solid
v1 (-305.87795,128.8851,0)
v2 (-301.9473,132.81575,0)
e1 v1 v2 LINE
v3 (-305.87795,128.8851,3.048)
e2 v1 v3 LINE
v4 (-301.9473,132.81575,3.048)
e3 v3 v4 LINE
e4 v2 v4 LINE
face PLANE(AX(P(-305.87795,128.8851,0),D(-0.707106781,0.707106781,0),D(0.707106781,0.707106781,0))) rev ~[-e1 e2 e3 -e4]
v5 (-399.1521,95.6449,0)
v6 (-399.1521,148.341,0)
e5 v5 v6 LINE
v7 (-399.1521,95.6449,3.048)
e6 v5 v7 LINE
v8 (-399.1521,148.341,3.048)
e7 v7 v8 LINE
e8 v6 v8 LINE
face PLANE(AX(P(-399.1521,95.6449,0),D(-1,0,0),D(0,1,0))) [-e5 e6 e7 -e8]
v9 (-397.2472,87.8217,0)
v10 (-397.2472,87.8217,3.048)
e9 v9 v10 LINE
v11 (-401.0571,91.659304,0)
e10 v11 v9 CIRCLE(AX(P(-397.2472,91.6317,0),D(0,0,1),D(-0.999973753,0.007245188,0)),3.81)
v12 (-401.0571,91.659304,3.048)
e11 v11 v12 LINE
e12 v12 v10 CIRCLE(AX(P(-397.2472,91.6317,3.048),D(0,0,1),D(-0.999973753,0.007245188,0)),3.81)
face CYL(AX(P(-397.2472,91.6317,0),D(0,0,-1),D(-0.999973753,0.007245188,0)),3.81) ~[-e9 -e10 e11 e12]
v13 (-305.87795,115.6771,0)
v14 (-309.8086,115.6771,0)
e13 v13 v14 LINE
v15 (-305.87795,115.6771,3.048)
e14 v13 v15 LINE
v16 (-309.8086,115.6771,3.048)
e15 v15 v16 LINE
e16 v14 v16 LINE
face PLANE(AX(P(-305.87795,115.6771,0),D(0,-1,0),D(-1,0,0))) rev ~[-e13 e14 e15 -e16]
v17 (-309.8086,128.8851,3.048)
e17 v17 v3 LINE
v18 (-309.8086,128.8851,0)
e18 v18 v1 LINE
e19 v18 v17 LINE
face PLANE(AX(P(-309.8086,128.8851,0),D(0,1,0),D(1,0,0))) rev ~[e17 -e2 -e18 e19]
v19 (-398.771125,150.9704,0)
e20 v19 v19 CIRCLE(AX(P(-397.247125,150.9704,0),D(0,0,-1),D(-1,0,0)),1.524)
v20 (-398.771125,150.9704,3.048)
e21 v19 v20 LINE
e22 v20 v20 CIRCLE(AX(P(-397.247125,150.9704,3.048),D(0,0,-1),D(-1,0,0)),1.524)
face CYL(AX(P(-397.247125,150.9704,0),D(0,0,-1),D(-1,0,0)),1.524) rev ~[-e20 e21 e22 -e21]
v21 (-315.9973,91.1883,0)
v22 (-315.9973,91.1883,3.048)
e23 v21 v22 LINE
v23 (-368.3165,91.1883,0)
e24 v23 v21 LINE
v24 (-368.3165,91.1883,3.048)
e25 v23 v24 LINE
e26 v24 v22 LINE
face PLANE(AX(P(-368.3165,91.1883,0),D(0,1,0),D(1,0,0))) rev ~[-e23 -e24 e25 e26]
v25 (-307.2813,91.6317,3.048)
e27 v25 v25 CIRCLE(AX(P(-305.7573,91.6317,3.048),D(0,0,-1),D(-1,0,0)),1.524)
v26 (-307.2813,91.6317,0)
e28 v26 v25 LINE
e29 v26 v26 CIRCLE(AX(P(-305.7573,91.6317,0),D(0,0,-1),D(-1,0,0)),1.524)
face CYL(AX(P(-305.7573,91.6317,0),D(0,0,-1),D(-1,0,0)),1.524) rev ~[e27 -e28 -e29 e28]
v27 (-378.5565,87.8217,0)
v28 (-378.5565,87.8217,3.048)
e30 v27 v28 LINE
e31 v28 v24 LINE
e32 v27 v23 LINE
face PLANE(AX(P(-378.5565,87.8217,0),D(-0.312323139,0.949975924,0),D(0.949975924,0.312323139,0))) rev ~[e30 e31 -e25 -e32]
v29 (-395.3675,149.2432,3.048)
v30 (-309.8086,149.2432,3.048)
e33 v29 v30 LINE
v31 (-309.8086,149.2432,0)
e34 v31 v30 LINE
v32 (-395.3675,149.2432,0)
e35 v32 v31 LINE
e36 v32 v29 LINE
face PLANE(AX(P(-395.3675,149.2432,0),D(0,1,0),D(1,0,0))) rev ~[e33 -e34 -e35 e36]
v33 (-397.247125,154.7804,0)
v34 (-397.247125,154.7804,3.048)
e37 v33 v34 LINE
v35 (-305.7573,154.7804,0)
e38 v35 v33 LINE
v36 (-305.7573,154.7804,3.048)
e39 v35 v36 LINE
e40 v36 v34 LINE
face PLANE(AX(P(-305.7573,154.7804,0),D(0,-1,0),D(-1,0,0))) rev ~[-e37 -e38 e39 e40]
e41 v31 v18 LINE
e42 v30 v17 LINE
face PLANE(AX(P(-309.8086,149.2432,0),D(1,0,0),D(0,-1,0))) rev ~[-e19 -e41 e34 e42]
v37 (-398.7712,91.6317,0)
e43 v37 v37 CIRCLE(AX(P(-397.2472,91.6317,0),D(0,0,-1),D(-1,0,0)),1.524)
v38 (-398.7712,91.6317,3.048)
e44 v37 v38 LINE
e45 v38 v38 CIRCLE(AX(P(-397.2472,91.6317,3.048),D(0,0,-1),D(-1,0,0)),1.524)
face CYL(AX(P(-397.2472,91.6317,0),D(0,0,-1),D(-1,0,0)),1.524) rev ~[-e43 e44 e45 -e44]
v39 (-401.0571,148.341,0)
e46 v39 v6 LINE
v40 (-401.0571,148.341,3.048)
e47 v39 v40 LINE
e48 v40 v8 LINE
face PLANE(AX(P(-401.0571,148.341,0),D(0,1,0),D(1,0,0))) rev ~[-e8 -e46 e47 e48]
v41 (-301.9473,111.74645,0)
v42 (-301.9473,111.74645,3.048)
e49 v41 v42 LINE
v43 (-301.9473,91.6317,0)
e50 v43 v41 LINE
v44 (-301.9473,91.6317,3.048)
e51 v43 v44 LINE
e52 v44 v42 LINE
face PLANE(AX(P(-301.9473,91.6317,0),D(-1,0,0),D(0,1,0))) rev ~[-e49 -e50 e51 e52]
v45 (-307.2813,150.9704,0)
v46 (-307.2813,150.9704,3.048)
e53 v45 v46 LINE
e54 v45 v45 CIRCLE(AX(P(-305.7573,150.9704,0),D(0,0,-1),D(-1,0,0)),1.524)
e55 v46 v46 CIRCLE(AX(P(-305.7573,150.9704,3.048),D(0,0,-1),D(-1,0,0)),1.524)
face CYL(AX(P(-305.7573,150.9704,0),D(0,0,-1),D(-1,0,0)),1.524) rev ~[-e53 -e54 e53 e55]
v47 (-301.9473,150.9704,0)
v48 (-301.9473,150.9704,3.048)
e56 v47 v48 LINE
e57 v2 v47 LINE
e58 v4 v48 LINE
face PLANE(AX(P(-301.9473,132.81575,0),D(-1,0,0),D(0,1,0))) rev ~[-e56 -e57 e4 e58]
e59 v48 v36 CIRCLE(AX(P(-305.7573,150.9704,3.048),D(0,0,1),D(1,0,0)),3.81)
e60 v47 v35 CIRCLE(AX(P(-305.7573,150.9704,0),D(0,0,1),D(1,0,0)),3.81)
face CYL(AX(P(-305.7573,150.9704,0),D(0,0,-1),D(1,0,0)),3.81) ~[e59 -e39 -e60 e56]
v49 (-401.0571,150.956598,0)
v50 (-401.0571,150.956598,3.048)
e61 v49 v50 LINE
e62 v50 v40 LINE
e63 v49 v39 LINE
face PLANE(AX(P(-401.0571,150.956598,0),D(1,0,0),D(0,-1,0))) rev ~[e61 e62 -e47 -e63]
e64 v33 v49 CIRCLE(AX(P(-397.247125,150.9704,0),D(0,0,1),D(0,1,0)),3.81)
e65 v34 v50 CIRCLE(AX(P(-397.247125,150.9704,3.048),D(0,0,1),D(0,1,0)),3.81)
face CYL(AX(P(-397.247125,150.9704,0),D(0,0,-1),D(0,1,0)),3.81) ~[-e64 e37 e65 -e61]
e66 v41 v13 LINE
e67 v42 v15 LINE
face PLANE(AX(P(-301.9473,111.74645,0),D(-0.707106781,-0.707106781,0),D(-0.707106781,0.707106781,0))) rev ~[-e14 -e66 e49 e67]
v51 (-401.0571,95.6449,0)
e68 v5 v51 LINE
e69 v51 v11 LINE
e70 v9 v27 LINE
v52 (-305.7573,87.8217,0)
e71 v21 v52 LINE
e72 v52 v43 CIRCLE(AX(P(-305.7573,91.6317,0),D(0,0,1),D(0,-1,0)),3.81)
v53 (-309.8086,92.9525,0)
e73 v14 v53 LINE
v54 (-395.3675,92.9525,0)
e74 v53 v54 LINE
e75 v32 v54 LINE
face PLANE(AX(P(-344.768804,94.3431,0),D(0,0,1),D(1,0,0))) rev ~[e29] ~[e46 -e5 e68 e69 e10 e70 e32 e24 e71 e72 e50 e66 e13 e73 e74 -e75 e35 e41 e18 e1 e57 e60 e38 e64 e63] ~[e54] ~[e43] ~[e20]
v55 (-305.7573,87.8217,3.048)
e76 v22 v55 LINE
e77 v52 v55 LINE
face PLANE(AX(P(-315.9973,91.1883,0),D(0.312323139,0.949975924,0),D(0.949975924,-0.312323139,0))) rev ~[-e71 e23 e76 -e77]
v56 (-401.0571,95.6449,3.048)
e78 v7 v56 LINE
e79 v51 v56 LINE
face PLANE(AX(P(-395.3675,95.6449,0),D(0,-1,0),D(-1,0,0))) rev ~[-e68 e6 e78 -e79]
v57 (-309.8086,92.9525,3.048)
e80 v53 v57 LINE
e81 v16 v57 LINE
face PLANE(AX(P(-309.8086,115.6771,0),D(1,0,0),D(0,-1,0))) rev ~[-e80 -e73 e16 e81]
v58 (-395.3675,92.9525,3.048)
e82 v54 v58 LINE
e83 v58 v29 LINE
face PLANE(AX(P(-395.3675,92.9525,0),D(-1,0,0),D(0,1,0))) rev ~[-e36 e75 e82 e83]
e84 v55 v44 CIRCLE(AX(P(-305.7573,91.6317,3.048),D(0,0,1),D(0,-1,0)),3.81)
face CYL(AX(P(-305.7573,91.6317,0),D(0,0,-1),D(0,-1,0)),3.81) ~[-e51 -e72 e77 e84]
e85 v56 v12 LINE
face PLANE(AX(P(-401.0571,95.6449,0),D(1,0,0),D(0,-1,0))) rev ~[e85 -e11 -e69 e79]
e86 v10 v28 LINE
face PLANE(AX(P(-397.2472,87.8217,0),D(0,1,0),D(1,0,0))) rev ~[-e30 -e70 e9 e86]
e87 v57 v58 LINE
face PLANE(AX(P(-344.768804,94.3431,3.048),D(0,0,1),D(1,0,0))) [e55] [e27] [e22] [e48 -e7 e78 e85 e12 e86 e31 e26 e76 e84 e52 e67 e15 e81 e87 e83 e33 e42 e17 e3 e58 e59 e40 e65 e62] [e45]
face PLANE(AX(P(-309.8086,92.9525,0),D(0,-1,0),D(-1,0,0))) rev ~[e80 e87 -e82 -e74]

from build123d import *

# Parameters (mm, degrees)
SKETCH1_R           = 1.3462
SKETCH1_W           = 3.7846
SKETCH1_H           = 52.6961
BOSS_EXTRUDE1_DEPTH = 3.048
SKETCH2_R           = 1.524
CUT_EXTRUDE1_DEPTH  = 430.898988368


with BuildPart() as part:
    # Sketch1 → Boss-Extrude1 (new body)
    # profile 1 of 3: a face of its own
    with BuildSketch(Plane.XY):
        with BuildLine():
            Line((-401.0571, 150.956597849), (-401.0571, 148.341))
            Line((-401.0571, 148.341), (-399.1521, 148.341))
            Line((-399.1521, 148.341), (-395.3675, 148.341))
            Line((-395.3675, 148.341), (-395.3675, 149.2432))
            Line((-395.3675, 149.2432), (-309.8086, 149.2432))
            Line((-309.8086, 149.2432), (-309.8086, 128.8851))
            Line((-309.8086, 128.8851), (-305.87795, 128.8851))
            Line((-305.87795, 128.8851), (-301.9473, 132.81575))
            Line((-301.9473, 132.81575), (-301.9473, 150.9704))
            ThreePointArc((-301.9473, 150.9704), (-303.063223164, 153.664476836), (-305.7573, 154.7804))
            Line((-305.7573, 154.7804), (-397.247125, 154.7804))
            ThreePointArc((-397.247125, 154.7804), (-399.946077222, 153.659592612), (-401.0571, 150.956597849))
        make_face()
        with Locations(Location((-397.247125, 150.9704, 0), (0, 0, 180))):
            Circle(SKETCH1_R, mode=Mode.SUBTRACT)
        with Locations(Location((-305.7573, 150.9704, 0), (0, 0, 180))):
            Circle(SKETCH1_R, mode=Mode.SUBTRACT)
    # profile 2 of 3: a face of its own
    with BuildSketch(Plane.XY):
        with Locations((-397.2598, 121.99295)):
            Rectangle(SKETCH1_W, SKETCH1_H)
    # profile 3 of 3: a face of its own
    with BuildSketch(Plane.XY):
        with BuildLine():
            Line((-395.3675, 95.6449), (-399.1521, 95.6449))
            Line((-399.1521, 95.6449), (-401.0571, 95.6449))
            Line((-401.0571, 95.6449), (-401.0571, 91.659304166))
            ThreePointArc((-401.0571, 91.659304166), (-399.951018769, 88.947400452), (-397.2472, 87.8217))
            Line((-397.2472, 87.8217), (-378.5565, 87.8217))
            Line((-378.5565, 87.8217), (-368.3165, 91.1883))
            Line((-368.3165, 91.1883), (-315.9973, 91.1883))
            Line((-315.9973, 91.1883), (-305.7573, 87.8217))
            ThreePointArc((-305.7573, 87.8217), (-303.063223164, 88.937623164), (-301.9473, 91.6317))
            Line((-301.9473, 91.6317), (-301.9473, 111.74645))
            Line((-301.9473, 111.74645), (-305.87795, 115.6771))
            Line((-305.87795, 115.6771), (-309.8086, 115.6771))
            Line((-309.8086, 115.6771), (-309.8086, 92.9525))
            Line((-309.8086, 92.9525), (-395.3675, 92.9525))
            Line((-395.3675, 92.9525), (-395.3675, 95.6449))
        make_face()
        with Locations(Location((-397.2472, 91.6317, 0), (0, 0, 180))):
            Circle(SKETCH1_R, mode=Mode.SUBTRACT)
        with Locations(Location((-305.7573, 91.6317, 0), (0, 0, 180))):
            Circle(SKETCH1_R, mode=Mode.SUBTRACT)
    extrude(amount=BOSS_EXTRUDE1_DEPTH)

    # Sketch2 → Cut-Extrude1 (cut, through all)
    with BuildSketch(Plane(origin=(0, 0, 0), x_dir=(-1, 0, 0), z_dir=(0, 0, -1))):
        with Locations((305.7573, 150.9704)):
            Circle(SKETCH2_R)
        with Locations((305.7573, 91.6317)):
            Circle(SKETCH2_R)
        with Locations((397.2472, 91.6317)):
            Circle(SKETCH2_R)
        with Locations((397.247125, 150.9704)):
            Circle(SKETCH2_R)
    extrude(amount=-CUT_EXTRUDE1_DEPTH, mode=Mode.SUBTRACT)


solid = part.part
